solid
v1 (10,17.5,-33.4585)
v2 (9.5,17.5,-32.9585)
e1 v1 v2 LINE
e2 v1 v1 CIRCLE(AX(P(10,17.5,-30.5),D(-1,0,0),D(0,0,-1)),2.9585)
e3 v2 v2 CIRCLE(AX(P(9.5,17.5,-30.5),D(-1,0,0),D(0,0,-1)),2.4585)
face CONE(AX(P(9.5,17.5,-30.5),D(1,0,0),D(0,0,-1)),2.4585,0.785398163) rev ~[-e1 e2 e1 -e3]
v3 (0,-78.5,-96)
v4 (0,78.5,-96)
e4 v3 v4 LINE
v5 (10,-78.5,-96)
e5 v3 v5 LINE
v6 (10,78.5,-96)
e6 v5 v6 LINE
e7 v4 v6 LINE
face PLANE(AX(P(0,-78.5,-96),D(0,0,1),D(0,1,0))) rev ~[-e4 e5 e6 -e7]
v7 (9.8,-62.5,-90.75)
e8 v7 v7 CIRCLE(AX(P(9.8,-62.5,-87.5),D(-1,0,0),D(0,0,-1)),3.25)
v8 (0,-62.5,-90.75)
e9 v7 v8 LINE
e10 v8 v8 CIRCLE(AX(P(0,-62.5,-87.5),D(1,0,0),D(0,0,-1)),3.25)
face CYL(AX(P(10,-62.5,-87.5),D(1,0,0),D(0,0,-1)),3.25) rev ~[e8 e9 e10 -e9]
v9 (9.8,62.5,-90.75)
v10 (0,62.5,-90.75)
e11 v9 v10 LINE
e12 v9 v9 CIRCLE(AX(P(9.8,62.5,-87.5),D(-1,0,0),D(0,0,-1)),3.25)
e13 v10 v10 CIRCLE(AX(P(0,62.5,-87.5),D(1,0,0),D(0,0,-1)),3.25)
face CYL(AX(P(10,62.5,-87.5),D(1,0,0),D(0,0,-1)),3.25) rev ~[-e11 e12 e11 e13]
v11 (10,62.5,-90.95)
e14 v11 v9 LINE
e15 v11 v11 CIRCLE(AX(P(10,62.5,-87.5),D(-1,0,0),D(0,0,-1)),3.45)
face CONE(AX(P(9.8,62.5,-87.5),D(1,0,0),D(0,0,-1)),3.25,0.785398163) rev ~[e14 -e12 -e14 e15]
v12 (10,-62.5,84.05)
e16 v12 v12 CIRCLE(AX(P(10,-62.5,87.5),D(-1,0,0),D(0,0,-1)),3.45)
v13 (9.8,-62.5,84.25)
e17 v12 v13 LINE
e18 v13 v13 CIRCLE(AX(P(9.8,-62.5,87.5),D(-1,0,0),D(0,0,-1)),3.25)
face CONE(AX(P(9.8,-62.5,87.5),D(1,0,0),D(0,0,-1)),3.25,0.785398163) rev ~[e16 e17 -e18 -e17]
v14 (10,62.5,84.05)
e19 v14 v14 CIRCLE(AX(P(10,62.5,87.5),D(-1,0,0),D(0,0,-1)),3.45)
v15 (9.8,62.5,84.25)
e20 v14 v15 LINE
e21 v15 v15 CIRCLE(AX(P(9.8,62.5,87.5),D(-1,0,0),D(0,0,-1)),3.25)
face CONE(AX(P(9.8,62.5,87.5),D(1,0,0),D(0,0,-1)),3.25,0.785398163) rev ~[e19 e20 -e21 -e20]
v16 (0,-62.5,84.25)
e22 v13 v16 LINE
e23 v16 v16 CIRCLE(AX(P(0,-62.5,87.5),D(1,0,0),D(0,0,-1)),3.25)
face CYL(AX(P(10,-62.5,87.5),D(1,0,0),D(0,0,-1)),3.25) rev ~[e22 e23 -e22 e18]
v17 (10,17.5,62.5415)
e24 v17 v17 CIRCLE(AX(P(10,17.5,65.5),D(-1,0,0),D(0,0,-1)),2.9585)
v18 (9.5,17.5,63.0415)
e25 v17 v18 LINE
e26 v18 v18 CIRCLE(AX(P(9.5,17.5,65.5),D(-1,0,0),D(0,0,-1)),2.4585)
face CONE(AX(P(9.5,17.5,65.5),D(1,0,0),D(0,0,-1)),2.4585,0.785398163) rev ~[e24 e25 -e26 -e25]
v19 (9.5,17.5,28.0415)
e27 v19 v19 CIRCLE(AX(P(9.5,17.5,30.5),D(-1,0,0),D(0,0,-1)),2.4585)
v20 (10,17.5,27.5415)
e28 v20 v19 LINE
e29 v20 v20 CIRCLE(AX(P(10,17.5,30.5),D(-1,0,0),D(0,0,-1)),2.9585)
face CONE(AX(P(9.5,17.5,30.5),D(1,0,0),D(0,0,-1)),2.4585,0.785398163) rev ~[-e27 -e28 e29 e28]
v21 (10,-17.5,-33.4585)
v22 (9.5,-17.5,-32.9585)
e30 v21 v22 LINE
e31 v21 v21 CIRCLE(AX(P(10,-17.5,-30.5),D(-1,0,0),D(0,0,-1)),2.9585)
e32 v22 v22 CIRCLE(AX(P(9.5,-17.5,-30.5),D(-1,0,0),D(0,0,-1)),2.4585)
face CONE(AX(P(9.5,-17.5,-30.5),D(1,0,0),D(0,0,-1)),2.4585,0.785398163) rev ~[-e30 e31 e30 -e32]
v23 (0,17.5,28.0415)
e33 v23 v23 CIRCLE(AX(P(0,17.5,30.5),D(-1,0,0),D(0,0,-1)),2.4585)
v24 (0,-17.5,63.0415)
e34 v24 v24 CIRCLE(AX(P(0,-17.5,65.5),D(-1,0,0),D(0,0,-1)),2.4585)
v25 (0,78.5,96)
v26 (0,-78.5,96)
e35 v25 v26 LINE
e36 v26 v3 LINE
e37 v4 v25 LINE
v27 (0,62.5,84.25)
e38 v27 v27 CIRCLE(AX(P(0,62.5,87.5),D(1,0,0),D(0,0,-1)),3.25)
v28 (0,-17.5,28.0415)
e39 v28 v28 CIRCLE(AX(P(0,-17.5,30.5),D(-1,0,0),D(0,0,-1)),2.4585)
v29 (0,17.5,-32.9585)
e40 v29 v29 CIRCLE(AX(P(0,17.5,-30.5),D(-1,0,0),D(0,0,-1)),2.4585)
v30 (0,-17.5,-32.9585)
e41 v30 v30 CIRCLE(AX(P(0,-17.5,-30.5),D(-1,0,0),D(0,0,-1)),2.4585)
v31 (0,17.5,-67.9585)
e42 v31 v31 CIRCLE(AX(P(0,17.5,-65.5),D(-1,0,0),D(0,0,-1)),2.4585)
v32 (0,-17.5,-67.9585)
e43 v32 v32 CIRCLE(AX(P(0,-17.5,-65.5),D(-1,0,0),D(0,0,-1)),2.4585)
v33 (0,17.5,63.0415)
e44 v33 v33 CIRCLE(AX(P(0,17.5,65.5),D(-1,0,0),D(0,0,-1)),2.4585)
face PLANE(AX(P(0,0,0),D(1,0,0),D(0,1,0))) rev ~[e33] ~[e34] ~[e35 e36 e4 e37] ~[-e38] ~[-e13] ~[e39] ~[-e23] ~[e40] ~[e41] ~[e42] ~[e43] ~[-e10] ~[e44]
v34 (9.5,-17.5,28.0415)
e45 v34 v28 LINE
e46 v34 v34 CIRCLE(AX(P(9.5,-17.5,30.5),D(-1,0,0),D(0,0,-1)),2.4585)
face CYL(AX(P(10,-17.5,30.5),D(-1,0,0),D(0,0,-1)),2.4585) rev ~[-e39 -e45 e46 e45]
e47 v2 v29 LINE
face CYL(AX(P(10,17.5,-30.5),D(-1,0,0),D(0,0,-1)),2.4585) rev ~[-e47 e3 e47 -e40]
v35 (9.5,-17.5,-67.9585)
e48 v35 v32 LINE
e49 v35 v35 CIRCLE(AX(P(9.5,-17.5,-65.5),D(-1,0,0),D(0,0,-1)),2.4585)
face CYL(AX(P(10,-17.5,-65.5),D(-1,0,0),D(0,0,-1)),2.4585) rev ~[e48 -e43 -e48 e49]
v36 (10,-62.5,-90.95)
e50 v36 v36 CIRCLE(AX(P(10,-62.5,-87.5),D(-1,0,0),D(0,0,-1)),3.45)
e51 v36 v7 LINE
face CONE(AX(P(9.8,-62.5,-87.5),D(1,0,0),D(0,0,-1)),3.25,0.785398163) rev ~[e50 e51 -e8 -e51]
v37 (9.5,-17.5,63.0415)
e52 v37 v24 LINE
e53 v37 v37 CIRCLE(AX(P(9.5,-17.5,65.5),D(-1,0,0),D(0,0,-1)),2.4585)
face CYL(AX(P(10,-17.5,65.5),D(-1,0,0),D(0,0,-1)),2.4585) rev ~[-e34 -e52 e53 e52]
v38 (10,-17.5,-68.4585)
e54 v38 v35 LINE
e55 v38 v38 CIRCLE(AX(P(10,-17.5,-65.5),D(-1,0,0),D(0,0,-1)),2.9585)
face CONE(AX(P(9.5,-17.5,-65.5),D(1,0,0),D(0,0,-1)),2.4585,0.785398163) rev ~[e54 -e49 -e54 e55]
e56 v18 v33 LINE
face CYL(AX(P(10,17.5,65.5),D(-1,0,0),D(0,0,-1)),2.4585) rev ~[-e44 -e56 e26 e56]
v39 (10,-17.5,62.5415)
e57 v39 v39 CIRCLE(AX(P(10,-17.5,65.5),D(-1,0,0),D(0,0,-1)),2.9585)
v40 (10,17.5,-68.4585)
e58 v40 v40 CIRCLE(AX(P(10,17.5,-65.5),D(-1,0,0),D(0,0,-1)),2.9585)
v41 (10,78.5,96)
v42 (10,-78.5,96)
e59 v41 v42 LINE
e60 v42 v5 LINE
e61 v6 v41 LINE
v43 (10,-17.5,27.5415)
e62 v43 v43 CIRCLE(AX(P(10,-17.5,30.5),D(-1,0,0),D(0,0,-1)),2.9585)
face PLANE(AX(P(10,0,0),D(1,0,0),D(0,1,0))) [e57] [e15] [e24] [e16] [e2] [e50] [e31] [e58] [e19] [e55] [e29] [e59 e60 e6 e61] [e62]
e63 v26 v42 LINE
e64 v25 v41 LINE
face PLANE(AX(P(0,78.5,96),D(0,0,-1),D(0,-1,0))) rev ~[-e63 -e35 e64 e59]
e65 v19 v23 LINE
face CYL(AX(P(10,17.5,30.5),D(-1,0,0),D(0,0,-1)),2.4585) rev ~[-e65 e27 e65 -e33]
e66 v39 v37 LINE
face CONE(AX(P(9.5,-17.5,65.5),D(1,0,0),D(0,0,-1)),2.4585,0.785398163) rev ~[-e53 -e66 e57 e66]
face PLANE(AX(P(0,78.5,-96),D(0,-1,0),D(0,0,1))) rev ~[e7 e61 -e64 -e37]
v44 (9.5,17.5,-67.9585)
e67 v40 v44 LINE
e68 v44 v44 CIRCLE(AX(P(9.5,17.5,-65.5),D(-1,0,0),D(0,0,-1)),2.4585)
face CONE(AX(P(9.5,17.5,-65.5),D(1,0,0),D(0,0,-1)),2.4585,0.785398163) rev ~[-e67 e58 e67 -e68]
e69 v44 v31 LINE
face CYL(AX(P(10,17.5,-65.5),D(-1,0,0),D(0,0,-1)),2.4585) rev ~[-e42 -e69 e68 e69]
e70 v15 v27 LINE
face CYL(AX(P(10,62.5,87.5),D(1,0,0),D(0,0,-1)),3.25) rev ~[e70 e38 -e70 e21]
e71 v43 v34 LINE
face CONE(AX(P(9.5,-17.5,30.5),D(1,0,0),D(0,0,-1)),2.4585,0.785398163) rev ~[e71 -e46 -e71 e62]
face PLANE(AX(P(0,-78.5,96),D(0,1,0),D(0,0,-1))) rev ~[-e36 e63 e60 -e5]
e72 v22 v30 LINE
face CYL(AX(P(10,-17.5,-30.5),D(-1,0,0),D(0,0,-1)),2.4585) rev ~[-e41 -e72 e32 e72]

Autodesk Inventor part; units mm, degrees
ref_plane "YZ Plane" through (0, 0, 0) normal (1, 0, 0) x (0, 1, 0)
ref_plane "XZ Plane" through (0, 0, 0) normal (0, 1, 0) x (-1, 0, 0)
ref_plane "XY Plane" through (0, 0, 0) normal (0, 0, 1) x (1, 0, 0)
sketch "Skizze1" plane through (0, 0, 0) normal (1, 0, 0) x (0, 1, 0)
  line L0 (78.5, 96) -> (-78.5, 96)
  line L1 (-78.5, 96) -> (-78.5, -96)
  line L2 (-78.5, -96) -> (78.5, -96)
  line L3 (78.5, -96) -> (78.5, 96)
  point P0 (0, 0)
  dimension "d0" = 192
  dimension "d1" = 157
  dimension "d2" = 78.5
  dimension "d3" = 96
extrude "Extrusion1" add sketch "Skizze1" along normal blind 10
sketch "草图5" plane through (0, 0, 0) normal (-1, 0, 0) x (0, 0, 1)
  point P0 (0, 0)
sketch "草图6" plane through (10, 0, 0) normal (1, 0, 0) x (0, 0, -1)
  line L0 (-24, 25) -> (-72, 25)
  line L1 (-72, 25) -> (-72, -25)
  line L2 (-72, -25) -> (-24, -25)
  line L3 (-24, -25) -> (-24, 25)
  line L4 (-24, 25) -> (-72, -25) construction
  line L5 (-72, 25) -> (-24, -25) construction
  line L6 (-96, 78.5) -> (-96, -78.5) projected
  line L7 (-65.5, -17.5) -> (-30.5, -17.5)
  line L8 (-30.5, -17.5) -> (-30.5, 17.5)
  line L9 (-30.5, 17.5) -> (-65.5, 17.5)
  line L10 (-65.5, 17.5) -> (-65.5, -17.5)
  line L11 (-65.5, -17.5) -> (-30.5, 17.5) construction
  line L12 (-30.5, -17.5) -> (-65.5, 17.5) construction
  circle A0 centre (-65.5, -17.5) radius 2.5
  circle A1 centre (-30.5, -17.5) radius 2.5
  circle A2 centre (-30.5, 17.5) radius 2.5
  circle A3 centre (-65.5, 17.5) radius 2.5
  line L13 (24, 25) -> (72, 25)
  line L14 (72, 25) -> (72, -25)
  line L15 (72, -25) -> (24, -25)
  line L16 (24, -25) -> (24, 25)
  line L17 (24, 25) -> (72, -25) construction
  line L18 (72, 25) -> (24, -25) construction
  line L19 (65.5, -17.5) -> (30.5, -17.5)
  line L20 (30.5, -17.5) -> (30.5, 17.5)
  line L21 (30.5, 17.5) -> (65.5, 17.5)
  line L22 (65.5, 17.5) -> (65.5, -17.5)
  line L23 (65.5, -17.5) -> (30.5, 17.5) construction
  line L24 (30.5, -17.5) -> (65.5, 17.5) construction
  circle A4 centre (65.5, -17.5) radius 2.5
  circle A5 centre (30.5, -17.5) radius 2.5
  circle A6 centre (30.5, 17.5) radius 2.5
  circle A7 centre (65.5, 17.5) radius 2.5
  point P0 (0, 0)
  point P1 (-48, 0)
  point P2 (-48, 0)
  point P3 (48, 0)
  point P4 (48, 0)
  dimension "d31" = 50
  dimension "d32" = 48
  dimension "d33" = 24
  dimension "d34" = 35
  dimension "d35" = 35
  dimension "d36" = 5
  dimension "d39" = 360
  dimension "d48" = 5
  dimension "d49" = 5
  dimension "d50" = 5
  dimension "d51" = 5
hole "孔1" at (10, -17.5, 65.5) at (10, 17.5, 65.5) at (10, -17.5, 30.5) at (10, -17.5, -30.5) at (10, 17.5, -30.5) at (10, 17.5, -65.5) at (10, -17.5, -65.5) at (10, 17.5, 65.5) at (10, 17.5, 30.5) direction (-1, 0, 0) diameter 4.917 end through all thread size "M6x1" class "6H" standard "ISO Metric profile"
chamfer "倒角1" distance 0.5 angle 45 8 edges at (10, -17.5, -63.0415) (10, -17.5, -28.0415) (10, 17.5, -63.0415) (10, 17.5, -28.0415) (10, -17.5, 32.9585) (10, -17.5, 67.9585) (10, 17.5, 32.9585) (10, 17.5, 67.9585)
sketch "草图10" plane through (10, 0, 0) normal (1, 0, 0) x (0, 0, -1)
  line L0 (-169, 0) -> (145, 0)
  line L1 (0, 114) -> (0, -130)
  line L2 (-96, 78.5) -> (-96, -78.5) projected
  line L3 (-87.5, 62.5) -> (87.5, 62.5)
  line L4 (87.5, 62.5) -> (87.5, -62.5)
  line L5 (87.5, -62.5) -> (-87.5, -62.5)
  line L6 (-87.5, -62.5) -> (-87.5, 62.5)
  line L7 (-87.5, 62.5) -> (87.5, -62.5) construction
  line L8 (87.5, 62.5) -> (-87.5, -62.5) construction
  circle A0 centre (-87.5, 62.5) radius 3.25
  circle A1 centre (-87.5, -62.5) radius 3.25
  circle A2 centre (87.5, 62.5) radius 3.25
  circle A3 centre (87.5, -62.5) radius 3.25
  point P0 (0, 0)
  dimension "d74" = 96
  dimension "d75" = 175
  dimension "d76" = 125
  dimension "d77" = 6.5
extrude "拉伸5" cut sketch "草图10" against normal blind 10 contours A1 L5 L6 | L6 L5 A1 | A0 L3 L6 | L6 L3 A0 | A2 L3 L4 | L4 L3 A2 | A3 L5 L4 | L4 L5 A3
thread "螺纹6" size "M7x1" class "6H" standard "ANSI Metric M Profile" length 10
thread "螺纹7" size "M7x1" class "6H" standard "ANSI Metric M Profile" length 10
thread "螺纹8" size "M7x1" class "6H" standard "ANSI Metric M Profile" length 10
thread "螺纹9" size "M7x1" class "6H" standard "ANSI Metric M Profile" length 10
chamfer "倒角4" distance 0.2 angle 45 4 edges at (10, -62.5, 90.75) (10, -62.5, -84.25) (10, 62.5, -84.25) (10, 62.5, 90.75)
properties part number "Adapterplatte1Gong_2025-03-28v00r00grm"
